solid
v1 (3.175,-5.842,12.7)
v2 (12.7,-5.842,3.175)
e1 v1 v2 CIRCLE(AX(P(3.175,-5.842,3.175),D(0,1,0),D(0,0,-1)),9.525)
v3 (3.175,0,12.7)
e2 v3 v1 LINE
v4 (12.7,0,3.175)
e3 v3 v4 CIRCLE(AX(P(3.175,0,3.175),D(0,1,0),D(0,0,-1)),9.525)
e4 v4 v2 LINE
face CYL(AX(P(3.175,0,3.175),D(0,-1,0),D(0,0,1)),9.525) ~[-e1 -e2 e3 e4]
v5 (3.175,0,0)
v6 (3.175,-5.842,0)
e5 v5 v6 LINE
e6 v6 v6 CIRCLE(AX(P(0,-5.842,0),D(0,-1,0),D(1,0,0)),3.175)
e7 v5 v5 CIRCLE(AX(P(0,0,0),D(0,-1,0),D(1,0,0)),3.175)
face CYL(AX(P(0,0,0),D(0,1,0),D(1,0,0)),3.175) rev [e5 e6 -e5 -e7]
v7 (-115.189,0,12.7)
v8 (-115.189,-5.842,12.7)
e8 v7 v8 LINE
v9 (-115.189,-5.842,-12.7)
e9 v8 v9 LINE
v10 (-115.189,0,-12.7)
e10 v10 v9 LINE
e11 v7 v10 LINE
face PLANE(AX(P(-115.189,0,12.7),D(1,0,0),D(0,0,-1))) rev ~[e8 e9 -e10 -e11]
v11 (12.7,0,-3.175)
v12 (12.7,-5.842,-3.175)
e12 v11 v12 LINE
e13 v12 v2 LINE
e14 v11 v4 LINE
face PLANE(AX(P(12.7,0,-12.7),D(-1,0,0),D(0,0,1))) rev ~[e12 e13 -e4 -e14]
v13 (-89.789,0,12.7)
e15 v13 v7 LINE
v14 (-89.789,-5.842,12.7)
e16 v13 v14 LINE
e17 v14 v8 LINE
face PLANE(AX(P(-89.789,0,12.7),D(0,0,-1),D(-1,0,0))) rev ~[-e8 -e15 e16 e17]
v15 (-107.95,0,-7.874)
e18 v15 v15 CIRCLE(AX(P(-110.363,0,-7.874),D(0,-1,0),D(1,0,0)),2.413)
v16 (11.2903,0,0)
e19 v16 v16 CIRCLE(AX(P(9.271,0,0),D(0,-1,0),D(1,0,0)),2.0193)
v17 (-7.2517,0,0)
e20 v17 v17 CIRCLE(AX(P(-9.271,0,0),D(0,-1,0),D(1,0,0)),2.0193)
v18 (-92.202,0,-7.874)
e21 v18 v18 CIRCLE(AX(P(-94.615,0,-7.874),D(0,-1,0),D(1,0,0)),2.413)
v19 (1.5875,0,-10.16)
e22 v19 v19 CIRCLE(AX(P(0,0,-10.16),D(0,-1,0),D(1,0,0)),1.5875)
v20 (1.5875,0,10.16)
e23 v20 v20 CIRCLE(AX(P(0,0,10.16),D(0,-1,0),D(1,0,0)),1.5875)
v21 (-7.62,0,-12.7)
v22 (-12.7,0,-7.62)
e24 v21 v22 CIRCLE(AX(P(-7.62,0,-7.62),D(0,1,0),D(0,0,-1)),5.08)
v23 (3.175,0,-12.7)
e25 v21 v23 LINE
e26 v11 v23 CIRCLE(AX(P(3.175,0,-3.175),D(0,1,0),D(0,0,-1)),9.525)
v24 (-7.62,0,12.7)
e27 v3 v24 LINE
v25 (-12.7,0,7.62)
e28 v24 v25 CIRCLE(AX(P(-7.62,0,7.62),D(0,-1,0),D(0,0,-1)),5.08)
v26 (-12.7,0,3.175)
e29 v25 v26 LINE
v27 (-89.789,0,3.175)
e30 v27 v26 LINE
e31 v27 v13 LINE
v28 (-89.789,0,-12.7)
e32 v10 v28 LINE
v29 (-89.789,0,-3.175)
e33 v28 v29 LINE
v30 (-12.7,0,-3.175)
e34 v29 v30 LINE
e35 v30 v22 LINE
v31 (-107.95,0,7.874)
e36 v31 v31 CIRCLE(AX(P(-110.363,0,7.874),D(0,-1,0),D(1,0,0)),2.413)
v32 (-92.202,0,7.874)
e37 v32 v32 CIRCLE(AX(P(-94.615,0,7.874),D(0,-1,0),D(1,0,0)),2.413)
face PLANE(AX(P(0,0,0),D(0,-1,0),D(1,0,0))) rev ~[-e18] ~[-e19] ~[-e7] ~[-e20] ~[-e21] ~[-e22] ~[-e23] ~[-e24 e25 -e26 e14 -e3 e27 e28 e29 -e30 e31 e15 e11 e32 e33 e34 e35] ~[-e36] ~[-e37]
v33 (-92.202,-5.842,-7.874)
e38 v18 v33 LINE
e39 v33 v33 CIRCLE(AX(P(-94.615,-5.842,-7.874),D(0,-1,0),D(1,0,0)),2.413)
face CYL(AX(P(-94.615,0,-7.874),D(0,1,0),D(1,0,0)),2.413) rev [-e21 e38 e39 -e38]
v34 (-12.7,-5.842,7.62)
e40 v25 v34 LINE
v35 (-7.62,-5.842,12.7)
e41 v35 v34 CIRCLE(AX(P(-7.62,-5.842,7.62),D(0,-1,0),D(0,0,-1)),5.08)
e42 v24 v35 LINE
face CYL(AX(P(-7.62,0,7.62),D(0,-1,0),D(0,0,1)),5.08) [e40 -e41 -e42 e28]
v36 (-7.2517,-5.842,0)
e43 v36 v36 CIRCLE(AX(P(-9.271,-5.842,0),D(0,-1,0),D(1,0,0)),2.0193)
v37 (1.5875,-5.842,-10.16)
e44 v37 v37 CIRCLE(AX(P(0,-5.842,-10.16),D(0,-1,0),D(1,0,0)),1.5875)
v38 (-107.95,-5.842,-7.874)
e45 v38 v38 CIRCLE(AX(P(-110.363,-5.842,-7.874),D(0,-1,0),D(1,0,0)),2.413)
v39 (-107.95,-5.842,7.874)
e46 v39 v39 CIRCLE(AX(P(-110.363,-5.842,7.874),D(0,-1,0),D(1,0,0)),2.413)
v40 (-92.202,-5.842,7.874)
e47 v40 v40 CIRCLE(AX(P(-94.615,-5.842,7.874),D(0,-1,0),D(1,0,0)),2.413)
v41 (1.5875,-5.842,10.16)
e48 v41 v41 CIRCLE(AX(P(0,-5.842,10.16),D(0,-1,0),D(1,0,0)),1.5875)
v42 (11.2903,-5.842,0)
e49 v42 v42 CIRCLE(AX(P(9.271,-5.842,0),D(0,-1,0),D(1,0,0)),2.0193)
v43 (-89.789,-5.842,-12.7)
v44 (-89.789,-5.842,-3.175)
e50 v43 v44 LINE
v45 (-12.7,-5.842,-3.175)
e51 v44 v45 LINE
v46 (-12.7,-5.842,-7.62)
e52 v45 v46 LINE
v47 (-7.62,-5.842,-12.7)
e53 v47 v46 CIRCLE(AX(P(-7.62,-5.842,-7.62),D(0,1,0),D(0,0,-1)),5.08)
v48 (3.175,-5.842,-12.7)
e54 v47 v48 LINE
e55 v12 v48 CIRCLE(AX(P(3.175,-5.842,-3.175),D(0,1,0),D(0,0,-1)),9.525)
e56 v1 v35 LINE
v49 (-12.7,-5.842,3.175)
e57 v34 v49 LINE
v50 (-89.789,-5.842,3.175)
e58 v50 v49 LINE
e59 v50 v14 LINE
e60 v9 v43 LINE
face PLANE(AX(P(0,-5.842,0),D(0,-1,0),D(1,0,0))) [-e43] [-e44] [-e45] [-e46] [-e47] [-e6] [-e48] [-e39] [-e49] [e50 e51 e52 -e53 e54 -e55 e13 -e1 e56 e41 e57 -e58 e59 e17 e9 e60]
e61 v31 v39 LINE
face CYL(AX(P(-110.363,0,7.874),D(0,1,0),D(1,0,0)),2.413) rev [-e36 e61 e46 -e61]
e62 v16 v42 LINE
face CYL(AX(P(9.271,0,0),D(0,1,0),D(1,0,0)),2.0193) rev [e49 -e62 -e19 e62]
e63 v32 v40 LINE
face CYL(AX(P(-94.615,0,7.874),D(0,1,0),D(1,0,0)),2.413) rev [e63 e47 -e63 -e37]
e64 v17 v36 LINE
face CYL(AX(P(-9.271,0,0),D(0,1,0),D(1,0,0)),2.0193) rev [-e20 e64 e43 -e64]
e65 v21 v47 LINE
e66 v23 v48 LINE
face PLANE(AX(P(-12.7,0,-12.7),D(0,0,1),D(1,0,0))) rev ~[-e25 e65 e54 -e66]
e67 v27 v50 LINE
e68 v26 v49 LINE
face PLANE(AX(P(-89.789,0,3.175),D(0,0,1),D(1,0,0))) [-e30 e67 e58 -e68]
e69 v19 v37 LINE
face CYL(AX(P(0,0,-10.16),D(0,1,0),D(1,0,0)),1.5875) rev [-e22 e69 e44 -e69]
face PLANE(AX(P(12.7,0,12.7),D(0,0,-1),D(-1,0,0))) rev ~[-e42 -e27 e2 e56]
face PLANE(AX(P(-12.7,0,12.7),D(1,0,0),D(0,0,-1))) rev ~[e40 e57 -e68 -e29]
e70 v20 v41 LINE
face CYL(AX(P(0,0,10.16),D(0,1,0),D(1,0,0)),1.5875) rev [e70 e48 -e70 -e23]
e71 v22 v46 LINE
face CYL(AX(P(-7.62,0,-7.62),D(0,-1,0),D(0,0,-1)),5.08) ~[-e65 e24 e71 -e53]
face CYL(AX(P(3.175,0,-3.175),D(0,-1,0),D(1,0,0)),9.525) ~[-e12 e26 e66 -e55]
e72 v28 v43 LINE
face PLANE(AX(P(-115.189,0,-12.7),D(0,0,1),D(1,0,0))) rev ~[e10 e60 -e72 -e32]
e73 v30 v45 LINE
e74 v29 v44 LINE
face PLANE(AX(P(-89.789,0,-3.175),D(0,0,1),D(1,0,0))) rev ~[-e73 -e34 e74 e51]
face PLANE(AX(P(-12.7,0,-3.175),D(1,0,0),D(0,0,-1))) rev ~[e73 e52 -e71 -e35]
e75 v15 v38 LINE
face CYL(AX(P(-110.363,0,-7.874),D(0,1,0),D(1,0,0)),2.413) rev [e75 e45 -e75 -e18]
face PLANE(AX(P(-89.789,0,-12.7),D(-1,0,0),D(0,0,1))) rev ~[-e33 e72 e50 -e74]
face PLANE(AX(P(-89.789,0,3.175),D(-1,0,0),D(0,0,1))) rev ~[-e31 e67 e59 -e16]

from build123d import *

# Parameters (mm, degrees)
F0_R     = 1.5875
F0_R_2   = 2.0193
F0_R_3   = 3.175
F0_W     = 77.089
F0_H     = 6.35
F0_R_4   = 2.413
F1_DEPTH = 5.842
F2_R     = 9.525
F3_R     = 5.08


with BuildPart() as f1:
    # F0 (on Front) → F1 (new body)
    with BuildSketch(Plane.XZ):
        Polygon((12.7, 12.7), (-12.7, 12.7), (-12.7, 3.175), (-12.7, -3.175), (-12.7, -12.7), (12.7, -12.7), align=None)
        with Locations((0, -10.16)):
            Circle(F0_R, mode=Mode.SUBTRACT)
        with Locations((-9.271, 0)):
            Circle(F0_R_2, mode=Mode.SUBTRACT)
        Circle(F0_R_3, mode=Mode.SUBTRACT)
        with Locations((9.271, 0)):
            Circle(F0_R_2, mode=Mode.SUBTRACT)
        with Locations((0, 10.16)):
            Circle(F0_R, mode=Mode.SUBTRACT)
        with Locations((-51.2445, 0)):
            Rectangle(F0_W, F0_H)
        Polygon((-89.789, -3.175), (-89.789, 3.175), (-89.789, 12.7), (-115.189, 12.7), (-115.189, -12.7), (-89.789, -12.7), align=None)
        with Locations((-110.363, -7.874)):
            Circle(F0_R_4, mode=Mode.SUBTRACT)
        with Locations((-94.615, -7.874)):
            Circle(F0_R_4, mode=Mode.SUBTRACT)
        with Locations((-110.363, 7.874)):
            Circle(F0_R_4, mode=Mode.SUBTRACT)
        with Locations((-94.615, 7.874)):
            Circle(F0_R_4, mode=Mode.SUBTRACT)
    extrude(amount=F1_DEPTH)

    # F2
    f2_edges = [f1.edges().sort_by_distance(p)[0] for p in [
        (12.7, -2.921, 12.7),
        (12.7, -2.921, -12.7),
    ]]
    fillet(f2_edges, radius=F2_R)

    # F3
    f3_edges = [f1.edges().sort_by_distance(p)[0] for p in [
        (-12.7, -2.921, -12.7),
        (-12.7, -2.921, 12.7),
    ]]
    fillet(f3_edges, radius=F3_R)


solid = f1.part
